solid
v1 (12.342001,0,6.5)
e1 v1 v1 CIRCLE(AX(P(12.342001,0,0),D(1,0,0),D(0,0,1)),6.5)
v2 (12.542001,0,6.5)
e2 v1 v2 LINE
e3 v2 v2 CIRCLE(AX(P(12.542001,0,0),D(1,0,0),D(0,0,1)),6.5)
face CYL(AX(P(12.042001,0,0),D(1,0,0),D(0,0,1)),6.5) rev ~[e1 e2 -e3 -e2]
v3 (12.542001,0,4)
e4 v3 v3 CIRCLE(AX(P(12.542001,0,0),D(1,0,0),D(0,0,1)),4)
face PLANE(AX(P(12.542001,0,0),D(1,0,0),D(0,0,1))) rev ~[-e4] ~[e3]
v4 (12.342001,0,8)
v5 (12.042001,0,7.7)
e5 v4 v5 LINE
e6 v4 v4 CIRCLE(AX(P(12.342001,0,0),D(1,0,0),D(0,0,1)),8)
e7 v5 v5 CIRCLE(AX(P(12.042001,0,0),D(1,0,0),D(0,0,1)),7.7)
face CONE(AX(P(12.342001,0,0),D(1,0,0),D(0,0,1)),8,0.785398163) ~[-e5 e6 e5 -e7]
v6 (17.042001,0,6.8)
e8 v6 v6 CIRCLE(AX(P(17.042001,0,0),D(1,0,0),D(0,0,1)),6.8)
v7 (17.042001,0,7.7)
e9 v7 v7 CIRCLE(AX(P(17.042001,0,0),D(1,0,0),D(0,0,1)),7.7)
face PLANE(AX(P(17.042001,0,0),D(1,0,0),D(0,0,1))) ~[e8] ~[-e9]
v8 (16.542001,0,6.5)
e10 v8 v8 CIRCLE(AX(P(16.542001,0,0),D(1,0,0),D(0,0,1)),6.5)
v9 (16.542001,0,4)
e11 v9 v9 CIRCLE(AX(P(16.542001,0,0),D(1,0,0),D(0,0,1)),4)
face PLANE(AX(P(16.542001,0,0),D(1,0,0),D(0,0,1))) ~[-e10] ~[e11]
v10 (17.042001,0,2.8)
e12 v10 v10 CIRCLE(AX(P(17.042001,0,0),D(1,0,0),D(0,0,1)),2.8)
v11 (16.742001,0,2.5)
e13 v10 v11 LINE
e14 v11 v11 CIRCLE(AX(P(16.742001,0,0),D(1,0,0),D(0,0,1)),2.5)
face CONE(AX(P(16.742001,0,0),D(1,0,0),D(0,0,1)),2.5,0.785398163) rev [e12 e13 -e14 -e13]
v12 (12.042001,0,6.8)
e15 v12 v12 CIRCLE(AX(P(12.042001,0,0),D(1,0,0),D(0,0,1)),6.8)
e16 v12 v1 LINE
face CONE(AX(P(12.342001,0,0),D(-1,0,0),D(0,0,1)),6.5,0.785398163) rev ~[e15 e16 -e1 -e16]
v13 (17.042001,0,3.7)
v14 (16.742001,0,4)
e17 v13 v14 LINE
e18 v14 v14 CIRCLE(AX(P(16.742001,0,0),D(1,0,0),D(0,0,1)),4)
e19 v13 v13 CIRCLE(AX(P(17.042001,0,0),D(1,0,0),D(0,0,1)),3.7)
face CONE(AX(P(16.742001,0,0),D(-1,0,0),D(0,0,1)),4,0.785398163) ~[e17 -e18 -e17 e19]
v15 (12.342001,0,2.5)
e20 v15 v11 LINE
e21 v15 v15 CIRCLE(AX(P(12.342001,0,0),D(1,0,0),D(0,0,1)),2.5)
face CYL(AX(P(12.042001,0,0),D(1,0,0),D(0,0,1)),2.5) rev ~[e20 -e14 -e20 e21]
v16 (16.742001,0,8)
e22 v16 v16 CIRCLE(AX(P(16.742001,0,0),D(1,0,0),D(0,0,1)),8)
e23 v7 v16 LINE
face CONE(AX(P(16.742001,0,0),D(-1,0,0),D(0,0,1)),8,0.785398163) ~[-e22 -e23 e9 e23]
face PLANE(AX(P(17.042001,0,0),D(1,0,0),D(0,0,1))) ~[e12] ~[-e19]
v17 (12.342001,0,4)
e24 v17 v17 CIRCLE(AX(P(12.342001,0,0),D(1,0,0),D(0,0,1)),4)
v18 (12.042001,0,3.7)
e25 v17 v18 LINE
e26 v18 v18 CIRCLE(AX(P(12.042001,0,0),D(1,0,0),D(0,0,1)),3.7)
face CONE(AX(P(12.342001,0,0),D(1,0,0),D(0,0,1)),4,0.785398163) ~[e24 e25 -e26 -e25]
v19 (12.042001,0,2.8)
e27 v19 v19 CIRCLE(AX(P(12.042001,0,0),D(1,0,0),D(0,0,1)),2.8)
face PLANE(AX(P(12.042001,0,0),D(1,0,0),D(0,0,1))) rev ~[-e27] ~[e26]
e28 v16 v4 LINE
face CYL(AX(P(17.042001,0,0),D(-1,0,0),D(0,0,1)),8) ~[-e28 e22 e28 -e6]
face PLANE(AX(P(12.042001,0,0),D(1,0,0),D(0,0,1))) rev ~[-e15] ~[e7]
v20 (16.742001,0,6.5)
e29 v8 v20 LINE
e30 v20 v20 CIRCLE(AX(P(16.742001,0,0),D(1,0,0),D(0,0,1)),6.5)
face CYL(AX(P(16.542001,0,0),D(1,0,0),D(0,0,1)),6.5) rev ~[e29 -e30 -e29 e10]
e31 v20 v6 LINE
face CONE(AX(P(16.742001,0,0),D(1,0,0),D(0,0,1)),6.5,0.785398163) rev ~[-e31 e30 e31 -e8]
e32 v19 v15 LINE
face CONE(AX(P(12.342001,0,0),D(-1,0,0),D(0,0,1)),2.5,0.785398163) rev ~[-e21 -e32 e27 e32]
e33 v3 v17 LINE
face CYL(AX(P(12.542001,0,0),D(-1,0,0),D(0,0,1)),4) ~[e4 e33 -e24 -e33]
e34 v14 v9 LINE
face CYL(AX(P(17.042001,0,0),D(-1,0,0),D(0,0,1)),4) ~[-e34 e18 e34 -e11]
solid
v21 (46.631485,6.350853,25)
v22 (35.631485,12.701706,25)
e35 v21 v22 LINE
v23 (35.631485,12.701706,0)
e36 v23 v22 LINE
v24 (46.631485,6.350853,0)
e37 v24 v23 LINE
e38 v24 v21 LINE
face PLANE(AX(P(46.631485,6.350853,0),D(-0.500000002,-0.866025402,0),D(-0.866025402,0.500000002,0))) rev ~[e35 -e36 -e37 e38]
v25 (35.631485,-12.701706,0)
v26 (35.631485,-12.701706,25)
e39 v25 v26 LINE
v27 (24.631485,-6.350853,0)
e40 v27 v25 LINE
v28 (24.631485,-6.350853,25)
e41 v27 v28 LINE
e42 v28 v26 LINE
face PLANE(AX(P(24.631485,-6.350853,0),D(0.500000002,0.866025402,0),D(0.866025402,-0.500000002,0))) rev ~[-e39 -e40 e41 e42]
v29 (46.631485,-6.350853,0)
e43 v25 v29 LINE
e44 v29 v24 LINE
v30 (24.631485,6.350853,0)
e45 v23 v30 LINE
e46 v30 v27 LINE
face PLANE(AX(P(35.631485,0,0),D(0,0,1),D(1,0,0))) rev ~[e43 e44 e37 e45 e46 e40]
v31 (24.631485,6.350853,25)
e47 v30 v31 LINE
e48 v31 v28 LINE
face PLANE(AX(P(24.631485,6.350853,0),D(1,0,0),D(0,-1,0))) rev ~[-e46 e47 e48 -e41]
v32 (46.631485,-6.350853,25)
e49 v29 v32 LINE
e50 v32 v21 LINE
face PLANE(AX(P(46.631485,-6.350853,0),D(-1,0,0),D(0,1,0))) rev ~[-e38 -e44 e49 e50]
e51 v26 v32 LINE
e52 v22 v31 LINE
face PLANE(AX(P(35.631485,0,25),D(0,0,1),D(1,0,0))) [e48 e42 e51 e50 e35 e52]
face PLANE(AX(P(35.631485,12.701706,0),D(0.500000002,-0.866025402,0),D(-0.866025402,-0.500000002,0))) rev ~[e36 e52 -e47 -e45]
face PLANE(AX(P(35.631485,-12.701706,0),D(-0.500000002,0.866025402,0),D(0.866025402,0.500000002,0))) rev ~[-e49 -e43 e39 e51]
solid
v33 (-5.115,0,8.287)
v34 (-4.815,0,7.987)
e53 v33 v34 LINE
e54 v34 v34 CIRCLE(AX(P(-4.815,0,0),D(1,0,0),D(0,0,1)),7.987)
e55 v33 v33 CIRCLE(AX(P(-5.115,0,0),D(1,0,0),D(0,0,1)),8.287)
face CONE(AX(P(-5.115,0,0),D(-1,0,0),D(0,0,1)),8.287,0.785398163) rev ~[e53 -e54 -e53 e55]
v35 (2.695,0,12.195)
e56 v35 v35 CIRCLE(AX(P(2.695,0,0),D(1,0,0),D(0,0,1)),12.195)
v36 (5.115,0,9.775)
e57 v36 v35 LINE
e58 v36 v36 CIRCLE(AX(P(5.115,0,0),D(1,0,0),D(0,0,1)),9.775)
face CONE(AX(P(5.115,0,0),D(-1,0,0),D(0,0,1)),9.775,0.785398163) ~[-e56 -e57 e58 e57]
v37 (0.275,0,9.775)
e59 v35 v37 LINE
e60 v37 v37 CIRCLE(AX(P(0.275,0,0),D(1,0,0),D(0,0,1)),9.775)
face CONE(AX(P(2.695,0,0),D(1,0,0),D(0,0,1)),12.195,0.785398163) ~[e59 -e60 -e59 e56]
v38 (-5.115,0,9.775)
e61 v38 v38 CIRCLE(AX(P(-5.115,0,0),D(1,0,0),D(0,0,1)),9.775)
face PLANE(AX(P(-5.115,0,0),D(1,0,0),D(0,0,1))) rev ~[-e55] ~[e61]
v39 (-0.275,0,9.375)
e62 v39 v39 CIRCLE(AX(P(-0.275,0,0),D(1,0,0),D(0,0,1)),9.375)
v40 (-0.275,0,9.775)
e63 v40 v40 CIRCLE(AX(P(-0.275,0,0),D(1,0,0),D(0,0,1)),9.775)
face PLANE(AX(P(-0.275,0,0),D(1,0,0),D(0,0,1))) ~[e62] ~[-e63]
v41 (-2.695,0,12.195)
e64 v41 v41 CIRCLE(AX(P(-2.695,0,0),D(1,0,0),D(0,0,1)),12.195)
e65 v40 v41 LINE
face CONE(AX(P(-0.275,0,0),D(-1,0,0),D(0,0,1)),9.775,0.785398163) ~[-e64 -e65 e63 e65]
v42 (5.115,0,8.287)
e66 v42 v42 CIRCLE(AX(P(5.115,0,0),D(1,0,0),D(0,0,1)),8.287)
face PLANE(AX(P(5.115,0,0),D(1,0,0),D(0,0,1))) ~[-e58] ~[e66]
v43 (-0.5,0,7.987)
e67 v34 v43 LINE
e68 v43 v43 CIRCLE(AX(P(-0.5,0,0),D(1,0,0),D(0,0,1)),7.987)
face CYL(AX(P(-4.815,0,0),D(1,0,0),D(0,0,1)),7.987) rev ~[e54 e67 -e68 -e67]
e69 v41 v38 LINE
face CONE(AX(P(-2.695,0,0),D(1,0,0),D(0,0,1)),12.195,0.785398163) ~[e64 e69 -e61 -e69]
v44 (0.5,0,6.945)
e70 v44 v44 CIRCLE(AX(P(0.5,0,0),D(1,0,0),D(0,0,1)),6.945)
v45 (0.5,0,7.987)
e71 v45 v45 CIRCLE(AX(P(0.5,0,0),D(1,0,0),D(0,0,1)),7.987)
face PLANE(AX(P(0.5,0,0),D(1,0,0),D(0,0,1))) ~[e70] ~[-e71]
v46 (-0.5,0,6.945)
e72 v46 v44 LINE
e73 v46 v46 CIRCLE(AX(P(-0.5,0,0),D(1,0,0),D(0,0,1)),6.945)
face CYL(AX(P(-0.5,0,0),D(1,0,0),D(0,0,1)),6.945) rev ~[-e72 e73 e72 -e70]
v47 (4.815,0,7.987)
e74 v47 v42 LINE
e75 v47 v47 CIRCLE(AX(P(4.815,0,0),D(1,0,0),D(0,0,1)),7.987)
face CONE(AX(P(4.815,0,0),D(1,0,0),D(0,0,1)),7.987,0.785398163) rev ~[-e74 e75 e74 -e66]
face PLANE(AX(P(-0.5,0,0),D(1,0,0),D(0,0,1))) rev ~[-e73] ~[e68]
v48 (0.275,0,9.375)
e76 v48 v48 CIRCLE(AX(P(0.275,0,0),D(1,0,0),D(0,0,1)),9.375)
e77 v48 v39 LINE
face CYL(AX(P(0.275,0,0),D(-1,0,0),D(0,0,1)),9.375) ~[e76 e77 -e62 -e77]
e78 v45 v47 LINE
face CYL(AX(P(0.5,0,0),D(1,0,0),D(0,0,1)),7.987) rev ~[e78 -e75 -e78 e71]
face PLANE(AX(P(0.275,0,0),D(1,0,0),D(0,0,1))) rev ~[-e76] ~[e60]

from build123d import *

# Parameters (mm, degrees)
F4_SIZE  = 0.3
F6_DEPTH = 25


with BuildPart() as f1:
    # F0 (on Front) → F1 (revolve)
    with BuildSketch(Plane.XZ):
        Polygon((-0.5, 6.945), (0, 6.945), (0.5, 6.945), (0.5, 7.987), (4.815, 7.987), (5.115, 8.287), (5.115, 9.775), (2.695, 12.195), (0.275, 9.775), (0.275, 9.375), (0, 9.375), (-0.275, 9.375), (-0.275, 9.775), (-2.695, 12.195), (-5.115, 9.775), (-5.115, 8.287), (-4.815, 7.987), (-0.5, 7.987), align=None)
    revolve(axis=Axis((0, 0, 0), (1, 0, 0)))


with BuildPart() as f3:
    # F2 (on Front) → F3 (revolve)
    with BuildSketch(Plane.XZ):
        Polygon((14.542001, 2.5), (17.042001, 2.5), (17.042001, 4), (16.542001, 4), (16.542001, 6.5), (17.042001, 6.5), (17.042001, 8), (14.542001, 8), (12.042001, 8), (12.042001, 6.5), (12.542001, 6.5), (12.542001, 4), (12.042001, 4), (12.042001, 2.5), align=None)
    revolve(axis=Axis((14.613577, 0, 0), (1, 0, 0)))

    # F4
    f4_edges = [f3.edges().sort_by_distance(p)[0] for p in [
        (12.042001, 0, -8),
        (17.042001, 0, -8),
        (17.042001, 0, -4),
        (17.042001, 0, -2.5),
        (12.042001, 0, -2.5),
        (12.042001, 0, -4),
        (12.042001, 0, -6.5),
        (17.042001, 0, -6.5),
    ]]
    chamfer(f4_edges, length=F4_SIZE)


with BuildPart() as f6:
    # F5 (on Top) → F6 (new body)
    with BuildSketch(Plane.XY):
        Polygon((35.631485, -12.701706), (46.631485, -6.350853), (46.631485, 6.350853), (35.631485, 12.701706), (24.631485, 6.350853), (24.631485, -6.350853), align=None)
    extrude(amount=F6_DEPTH)


solid = Compound([f1.part, f3.part, f6.part])
